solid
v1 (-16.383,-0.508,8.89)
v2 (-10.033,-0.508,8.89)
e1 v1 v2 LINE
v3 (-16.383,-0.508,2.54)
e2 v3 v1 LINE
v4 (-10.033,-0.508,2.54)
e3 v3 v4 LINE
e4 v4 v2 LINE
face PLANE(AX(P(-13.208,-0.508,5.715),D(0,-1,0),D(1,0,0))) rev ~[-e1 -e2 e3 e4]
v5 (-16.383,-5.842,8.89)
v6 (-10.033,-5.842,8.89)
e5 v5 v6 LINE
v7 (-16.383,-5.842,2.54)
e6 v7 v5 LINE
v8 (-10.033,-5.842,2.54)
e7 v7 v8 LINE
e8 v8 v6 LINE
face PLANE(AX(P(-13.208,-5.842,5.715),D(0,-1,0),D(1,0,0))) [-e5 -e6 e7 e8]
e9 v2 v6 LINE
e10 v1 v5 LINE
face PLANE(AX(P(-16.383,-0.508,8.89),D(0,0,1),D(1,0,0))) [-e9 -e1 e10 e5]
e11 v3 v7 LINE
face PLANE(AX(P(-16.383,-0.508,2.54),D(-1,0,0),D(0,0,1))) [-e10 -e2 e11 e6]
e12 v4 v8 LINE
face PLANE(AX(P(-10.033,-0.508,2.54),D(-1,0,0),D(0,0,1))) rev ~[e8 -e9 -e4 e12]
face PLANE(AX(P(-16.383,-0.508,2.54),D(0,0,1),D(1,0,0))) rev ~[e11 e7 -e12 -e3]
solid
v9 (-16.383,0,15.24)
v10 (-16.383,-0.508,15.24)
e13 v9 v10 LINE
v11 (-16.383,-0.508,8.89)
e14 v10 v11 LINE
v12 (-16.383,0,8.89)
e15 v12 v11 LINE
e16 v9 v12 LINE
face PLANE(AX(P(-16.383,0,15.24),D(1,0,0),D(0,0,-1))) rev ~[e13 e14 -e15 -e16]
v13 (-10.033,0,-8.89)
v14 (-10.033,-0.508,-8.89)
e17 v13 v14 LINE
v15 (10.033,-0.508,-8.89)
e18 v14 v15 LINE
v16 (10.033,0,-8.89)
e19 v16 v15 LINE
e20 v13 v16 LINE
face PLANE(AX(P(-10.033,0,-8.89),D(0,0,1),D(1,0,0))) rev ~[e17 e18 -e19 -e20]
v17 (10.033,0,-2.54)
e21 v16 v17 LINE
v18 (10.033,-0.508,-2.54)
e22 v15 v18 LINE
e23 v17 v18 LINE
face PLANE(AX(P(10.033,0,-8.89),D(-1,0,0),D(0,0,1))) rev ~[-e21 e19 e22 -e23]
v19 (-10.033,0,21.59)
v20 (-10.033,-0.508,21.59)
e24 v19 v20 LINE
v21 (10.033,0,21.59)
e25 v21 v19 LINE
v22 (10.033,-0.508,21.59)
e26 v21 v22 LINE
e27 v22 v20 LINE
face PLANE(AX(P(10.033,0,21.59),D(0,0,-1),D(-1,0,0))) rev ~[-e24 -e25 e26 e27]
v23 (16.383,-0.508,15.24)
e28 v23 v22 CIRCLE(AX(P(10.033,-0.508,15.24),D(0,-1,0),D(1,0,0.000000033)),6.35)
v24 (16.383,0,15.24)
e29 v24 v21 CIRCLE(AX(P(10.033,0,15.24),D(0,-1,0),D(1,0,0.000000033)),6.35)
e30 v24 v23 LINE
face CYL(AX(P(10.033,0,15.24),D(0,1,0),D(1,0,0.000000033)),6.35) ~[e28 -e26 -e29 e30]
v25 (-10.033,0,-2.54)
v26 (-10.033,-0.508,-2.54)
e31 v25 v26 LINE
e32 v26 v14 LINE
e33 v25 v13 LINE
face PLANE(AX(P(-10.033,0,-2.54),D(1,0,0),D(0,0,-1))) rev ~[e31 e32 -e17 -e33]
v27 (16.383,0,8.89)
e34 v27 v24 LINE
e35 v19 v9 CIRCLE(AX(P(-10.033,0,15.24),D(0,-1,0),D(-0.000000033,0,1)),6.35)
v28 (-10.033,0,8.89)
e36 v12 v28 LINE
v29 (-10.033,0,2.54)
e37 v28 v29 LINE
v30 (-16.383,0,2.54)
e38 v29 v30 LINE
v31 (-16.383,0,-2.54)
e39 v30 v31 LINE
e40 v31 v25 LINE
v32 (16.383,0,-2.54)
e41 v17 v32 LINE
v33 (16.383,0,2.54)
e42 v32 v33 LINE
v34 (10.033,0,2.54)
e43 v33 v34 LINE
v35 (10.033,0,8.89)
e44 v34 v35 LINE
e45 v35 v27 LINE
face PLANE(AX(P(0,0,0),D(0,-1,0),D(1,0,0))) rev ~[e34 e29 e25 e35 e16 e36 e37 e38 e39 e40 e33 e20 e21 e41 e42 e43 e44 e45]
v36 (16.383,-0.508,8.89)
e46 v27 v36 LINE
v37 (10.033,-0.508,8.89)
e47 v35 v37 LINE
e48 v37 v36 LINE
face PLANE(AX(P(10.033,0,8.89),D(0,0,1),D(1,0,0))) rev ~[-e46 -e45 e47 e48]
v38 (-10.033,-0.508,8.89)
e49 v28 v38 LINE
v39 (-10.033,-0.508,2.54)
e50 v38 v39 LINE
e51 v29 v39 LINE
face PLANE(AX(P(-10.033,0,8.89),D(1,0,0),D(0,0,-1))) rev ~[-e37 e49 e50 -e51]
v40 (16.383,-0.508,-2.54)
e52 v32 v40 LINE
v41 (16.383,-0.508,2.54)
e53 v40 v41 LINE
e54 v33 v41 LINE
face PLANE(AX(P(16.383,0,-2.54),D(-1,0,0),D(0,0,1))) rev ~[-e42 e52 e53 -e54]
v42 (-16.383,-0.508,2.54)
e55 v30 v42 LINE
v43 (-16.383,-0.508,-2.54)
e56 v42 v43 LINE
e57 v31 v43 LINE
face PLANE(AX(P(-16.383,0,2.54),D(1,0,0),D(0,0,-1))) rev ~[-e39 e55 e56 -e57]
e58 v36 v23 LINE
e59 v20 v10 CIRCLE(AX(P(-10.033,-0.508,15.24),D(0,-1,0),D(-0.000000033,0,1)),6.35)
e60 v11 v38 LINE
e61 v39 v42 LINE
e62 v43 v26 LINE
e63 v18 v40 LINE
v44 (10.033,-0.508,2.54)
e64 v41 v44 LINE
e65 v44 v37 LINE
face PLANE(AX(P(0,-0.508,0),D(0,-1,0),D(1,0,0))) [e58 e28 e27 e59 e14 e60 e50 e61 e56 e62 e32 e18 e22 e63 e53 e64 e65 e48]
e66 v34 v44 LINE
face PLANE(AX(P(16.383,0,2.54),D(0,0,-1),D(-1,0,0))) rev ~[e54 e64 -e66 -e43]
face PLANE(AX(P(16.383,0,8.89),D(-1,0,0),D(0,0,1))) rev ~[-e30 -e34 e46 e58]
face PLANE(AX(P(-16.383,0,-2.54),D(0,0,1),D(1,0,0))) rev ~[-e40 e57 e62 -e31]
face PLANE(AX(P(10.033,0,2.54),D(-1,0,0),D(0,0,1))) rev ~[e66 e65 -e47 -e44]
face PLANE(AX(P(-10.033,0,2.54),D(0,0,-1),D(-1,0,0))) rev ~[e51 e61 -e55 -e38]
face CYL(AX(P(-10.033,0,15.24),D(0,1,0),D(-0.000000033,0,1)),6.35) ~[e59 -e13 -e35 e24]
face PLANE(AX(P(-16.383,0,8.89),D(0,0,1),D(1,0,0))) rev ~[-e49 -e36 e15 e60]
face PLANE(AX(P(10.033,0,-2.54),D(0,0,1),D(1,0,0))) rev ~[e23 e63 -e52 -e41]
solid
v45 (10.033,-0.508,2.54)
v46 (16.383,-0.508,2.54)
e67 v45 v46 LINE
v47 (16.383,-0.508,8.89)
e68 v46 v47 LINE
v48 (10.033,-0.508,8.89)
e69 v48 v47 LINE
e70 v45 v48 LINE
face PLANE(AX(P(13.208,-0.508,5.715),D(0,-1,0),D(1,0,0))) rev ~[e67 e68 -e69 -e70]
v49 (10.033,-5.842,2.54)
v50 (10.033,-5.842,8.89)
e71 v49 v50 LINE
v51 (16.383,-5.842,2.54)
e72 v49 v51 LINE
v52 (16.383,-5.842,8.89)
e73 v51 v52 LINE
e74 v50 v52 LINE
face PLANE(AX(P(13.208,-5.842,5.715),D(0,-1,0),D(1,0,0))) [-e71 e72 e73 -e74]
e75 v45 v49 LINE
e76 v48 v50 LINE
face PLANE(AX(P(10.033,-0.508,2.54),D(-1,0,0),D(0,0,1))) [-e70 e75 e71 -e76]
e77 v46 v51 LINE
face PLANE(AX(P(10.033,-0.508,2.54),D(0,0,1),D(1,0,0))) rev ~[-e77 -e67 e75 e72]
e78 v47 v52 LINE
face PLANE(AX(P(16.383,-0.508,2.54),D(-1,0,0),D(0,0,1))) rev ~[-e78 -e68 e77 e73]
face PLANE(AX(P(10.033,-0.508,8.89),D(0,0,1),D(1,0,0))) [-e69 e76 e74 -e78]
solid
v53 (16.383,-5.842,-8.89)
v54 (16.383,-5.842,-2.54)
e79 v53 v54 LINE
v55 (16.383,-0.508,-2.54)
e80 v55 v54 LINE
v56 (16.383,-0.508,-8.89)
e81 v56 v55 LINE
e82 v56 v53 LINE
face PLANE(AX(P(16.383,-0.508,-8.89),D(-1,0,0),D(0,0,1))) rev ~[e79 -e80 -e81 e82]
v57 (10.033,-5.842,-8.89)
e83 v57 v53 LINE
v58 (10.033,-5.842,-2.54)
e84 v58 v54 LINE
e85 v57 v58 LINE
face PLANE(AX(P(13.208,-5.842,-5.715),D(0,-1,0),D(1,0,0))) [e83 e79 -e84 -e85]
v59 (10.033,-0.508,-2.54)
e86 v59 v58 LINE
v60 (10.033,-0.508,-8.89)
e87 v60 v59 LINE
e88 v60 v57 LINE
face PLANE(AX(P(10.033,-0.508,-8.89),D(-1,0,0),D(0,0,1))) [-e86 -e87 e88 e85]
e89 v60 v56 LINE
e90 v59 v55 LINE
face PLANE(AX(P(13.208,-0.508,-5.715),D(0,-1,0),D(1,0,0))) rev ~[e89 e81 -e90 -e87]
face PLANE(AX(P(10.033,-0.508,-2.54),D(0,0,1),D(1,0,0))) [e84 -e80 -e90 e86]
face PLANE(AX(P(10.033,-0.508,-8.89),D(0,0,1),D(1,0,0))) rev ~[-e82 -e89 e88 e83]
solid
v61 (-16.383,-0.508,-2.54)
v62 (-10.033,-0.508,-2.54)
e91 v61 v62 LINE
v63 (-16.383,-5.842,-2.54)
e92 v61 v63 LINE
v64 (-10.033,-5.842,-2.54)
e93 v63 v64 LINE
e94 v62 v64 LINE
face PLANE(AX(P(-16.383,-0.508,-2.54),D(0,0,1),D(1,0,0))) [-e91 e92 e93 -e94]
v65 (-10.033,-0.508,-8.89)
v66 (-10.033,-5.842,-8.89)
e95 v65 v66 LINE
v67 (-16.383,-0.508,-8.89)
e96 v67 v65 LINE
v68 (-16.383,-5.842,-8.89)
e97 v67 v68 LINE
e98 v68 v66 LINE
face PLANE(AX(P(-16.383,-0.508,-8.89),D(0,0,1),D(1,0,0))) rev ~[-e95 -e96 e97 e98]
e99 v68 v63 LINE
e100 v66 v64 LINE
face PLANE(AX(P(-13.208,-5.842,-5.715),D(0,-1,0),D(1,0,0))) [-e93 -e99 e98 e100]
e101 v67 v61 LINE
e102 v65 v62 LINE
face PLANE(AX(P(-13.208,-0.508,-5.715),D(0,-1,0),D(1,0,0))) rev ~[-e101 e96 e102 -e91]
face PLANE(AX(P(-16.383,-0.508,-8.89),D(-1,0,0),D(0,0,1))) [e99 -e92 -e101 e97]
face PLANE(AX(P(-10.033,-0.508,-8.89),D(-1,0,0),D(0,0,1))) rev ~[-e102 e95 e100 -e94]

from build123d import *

# Parameters (mm, degrees)
F1_DEPTH = 0.508
F2_W     = 6.35
F2_H     = 6.35
F3_DEPTH = 5.334


with BuildPart() as f1:
    # F0 (on Front) → F1 (new body)
    with BuildSketch(Plane.XZ):
        Polygon((10.033, 2.54), (10.033, 8.89), (-10.033, 8.89), (-10.033, 2.54), (-16.383, 2.54), (-16.383, -2.54), (-10.033, -2.54), (-10.033, -8.89), (10.033, -8.89), (10.033, -2.54), (16.383, -2.54), (16.383, 2.54), align=None)
        with BuildLine():
            Line((10.033, 8.89), (16.383, 8.89))
            Line((16.383, 8.89), (16.383, 15.24))
            ThreePointArc((16.383, 15.24), (14.523128, 19.730128), (10.033, 21.59))
            Line((10.033, 21.59), (-10.033, 21.59))
            ThreePointArc((-10.033, 21.59), (-14.523128, 19.730128), (-16.383, 15.24))
            Line((-16.383, 15.24), (-16.383, 8.89))
            Line((-16.383, 8.89), (-10.033, 8.89))
            Line((-10.033, 8.89), (10.033, 8.89))
        make_face()
    extrude(amount=F1_DEPTH)


with BuildPart() as f3:
    # F2 (on face) → F3 (new body)
    with BuildSketch(Plane.XZ.offset(0.508)):
        with Locations((-13.208, 5.715)):
            Rectangle(F2_W, F2_H)
        with Locations((-13.208, -5.715)):
            Rectangle(F2_W, F2_H)
        with Locations((13.208, -5.715)):
            Rectangle(F2_W, F2_H)
        with Locations((13.208, 5.715)):
            Rectangle(F2_W, F2_H)
    extrude(amount=F3_DEPTH)


solid = Compound([f1.part, f3.part])
